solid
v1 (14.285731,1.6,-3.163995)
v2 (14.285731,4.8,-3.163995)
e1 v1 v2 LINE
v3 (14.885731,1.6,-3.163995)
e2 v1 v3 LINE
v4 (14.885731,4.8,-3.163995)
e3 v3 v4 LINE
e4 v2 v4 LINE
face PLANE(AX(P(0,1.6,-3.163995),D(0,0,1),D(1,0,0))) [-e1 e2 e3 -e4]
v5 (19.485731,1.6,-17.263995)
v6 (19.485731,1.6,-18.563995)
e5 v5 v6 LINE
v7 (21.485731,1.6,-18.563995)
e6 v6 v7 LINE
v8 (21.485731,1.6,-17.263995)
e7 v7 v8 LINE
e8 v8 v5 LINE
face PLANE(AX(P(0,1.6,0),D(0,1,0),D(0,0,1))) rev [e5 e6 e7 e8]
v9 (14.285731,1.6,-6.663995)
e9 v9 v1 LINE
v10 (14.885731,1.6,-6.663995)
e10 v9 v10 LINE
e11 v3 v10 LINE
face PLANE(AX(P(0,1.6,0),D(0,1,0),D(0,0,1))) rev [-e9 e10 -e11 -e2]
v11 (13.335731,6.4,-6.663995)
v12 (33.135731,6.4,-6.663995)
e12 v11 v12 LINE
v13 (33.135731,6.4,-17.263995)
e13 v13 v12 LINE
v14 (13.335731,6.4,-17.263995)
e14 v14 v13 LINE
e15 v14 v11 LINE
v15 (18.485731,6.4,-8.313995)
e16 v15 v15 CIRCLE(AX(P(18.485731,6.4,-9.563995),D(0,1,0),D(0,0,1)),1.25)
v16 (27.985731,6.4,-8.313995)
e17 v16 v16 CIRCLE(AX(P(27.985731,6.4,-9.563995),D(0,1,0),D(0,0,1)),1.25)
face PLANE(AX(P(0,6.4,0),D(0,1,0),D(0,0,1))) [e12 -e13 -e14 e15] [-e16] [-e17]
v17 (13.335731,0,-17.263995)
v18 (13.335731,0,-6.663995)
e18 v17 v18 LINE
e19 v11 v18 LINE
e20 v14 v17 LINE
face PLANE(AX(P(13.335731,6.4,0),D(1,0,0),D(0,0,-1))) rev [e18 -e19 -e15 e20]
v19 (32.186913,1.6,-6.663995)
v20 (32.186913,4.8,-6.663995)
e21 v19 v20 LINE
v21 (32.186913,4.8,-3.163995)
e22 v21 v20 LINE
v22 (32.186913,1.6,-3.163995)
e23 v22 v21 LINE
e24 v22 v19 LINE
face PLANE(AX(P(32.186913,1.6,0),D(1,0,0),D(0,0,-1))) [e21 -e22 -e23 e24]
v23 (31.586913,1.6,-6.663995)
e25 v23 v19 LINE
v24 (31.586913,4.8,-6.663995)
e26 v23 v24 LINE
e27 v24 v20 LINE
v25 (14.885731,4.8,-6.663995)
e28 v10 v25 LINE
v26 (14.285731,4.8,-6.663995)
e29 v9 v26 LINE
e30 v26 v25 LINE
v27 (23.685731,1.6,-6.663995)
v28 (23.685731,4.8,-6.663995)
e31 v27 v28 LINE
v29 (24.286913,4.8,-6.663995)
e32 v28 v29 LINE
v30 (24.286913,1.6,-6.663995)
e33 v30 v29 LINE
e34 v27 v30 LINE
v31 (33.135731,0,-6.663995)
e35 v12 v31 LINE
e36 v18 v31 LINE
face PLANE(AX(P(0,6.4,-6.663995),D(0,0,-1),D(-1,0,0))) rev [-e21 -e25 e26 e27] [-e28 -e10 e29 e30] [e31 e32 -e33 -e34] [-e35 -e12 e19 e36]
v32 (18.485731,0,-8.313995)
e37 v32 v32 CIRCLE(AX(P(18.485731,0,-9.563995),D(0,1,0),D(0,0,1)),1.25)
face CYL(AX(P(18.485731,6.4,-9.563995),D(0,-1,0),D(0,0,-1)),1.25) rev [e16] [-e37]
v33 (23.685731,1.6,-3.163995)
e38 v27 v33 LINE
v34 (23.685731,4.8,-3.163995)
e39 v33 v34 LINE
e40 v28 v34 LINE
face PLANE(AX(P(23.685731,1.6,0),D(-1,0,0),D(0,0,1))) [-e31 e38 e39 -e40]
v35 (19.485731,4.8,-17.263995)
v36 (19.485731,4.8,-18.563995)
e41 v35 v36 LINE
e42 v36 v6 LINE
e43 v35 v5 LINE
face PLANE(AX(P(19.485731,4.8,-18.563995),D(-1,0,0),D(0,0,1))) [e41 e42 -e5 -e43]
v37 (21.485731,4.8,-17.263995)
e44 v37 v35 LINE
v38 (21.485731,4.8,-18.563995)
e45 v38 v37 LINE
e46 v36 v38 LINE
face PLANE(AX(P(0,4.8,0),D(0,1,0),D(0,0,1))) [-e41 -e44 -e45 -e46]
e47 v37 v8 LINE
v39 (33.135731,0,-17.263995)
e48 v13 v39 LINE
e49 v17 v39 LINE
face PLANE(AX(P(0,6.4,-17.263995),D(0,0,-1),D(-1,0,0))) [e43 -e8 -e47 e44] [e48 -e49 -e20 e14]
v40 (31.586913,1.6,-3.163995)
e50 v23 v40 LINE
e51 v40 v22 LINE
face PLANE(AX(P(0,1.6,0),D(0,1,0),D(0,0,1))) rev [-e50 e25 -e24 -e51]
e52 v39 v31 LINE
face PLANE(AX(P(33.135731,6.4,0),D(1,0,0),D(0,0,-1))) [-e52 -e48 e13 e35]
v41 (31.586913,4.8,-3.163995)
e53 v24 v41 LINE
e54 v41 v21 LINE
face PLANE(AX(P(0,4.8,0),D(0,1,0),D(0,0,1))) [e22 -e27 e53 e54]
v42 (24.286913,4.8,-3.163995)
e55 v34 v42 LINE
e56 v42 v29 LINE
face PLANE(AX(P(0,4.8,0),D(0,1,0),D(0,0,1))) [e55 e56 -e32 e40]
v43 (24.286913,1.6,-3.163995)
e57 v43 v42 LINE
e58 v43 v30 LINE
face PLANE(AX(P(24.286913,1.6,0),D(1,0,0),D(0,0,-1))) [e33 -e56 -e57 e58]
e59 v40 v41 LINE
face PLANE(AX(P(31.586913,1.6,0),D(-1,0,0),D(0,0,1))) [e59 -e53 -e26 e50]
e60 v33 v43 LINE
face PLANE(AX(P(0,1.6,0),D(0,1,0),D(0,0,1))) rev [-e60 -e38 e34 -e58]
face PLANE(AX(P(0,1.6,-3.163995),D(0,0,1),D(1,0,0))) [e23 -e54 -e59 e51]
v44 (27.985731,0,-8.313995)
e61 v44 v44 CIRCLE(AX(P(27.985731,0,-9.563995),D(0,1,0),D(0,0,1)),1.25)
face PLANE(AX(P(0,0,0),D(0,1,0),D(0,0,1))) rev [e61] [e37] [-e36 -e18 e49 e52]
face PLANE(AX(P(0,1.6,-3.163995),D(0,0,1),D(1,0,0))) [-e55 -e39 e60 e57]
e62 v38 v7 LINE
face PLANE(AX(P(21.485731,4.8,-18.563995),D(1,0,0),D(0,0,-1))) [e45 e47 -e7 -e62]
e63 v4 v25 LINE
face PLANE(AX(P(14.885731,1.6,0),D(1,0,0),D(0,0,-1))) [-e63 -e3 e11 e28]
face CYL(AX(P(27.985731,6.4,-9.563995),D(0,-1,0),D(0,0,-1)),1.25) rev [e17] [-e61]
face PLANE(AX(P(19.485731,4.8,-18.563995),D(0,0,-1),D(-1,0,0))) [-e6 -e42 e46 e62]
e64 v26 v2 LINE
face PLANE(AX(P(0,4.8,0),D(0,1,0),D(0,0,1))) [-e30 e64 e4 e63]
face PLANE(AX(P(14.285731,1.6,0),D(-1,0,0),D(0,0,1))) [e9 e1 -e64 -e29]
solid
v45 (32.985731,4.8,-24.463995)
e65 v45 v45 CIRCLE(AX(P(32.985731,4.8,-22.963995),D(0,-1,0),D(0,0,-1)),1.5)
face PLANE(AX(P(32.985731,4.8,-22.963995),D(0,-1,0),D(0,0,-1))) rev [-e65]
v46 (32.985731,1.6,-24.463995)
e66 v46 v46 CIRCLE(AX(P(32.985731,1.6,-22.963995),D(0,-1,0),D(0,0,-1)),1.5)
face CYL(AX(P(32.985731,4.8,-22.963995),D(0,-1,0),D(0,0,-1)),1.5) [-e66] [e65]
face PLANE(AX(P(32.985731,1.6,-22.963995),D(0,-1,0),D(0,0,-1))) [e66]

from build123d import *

# Parameters (mm, degrees)
BOSS_EXTRUDE1_DEPTH = 6.4
BOSS_EXTRUDE2_START = -1.6
SKETCH3_W           = 0.6
SKETCH3_H           = 3.5
SKETCH3_W_2         = 0.601181881
BOSS_EXTRUDE2_DEPTH = 3.2
BOSS_EXTRUDE4_START = -1.6
SKETCH4_R           = 1.5
SKETCH4_W           = 2
SKETCH4_H           = 1.3
BOSS_EXTRUDE4_DEPTH = 3.2


with BuildPart() as part:
    # Sketch1 → Boss-Extrude1 (new body)
    with BuildSketch(Plane(origin=(0, 0, 0), x_dir=(1, 0, 0), z_dir=(0, 1, 0))):
        with BuildLine():
            Line((33.135731415, 9.563994519), (29.235731415, 9.563994519))
            ThreePointArc((29.235731415, 9.563994519), (27.985731415, 8.313994519), (26.735731415, 9.563994519))
            Line((26.735731415, 9.563994519), (19.735731415, 9.563994519))
            ThreePointArc((19.735731415, 9.563994519), (18.485731415, 8.313994519), (17.235731415, 9.563994519))
            Line((17.235731415, 9.563994519), (13.335731415, 9.563994519))
            Line((13.335731415, 9.563994519), (13.335731415, 6.663994519))
            Line((13.335731415, 6.663994519), (33.135731415, 6.663994519))
            Line((33.135731415, 6.663994519), (33.135731415, 9.563994519))
        make_face()
        with BuildLine():
            ThreePointArc((26.735731415, 9.563994519), (27.985731415, 10.813994519), (29.235731415, 9.563994519))
            Line((29.235731415, 9.563994519), (33.135731415, 9.563994519))
            Line((33.135731415, 9.563994519), (33.135731415, 17.263994519))
            Line((33.135731415, 17.263994519), (21.485731415, 17.263994519))
            Line((21.485731415, 17.263994519), (19.485731415, 17.263994519))
            Line((19.485731415, 17.263994519), (13.335731415, 17.263994519))
            Line((13.335731415, 17.263994519), (13.335731415, 9.563994519))
            Line((13.335731415, 9.563994519), (17.235731415, 9.563994519))
            ThreePointArc((17.235731415, 9.563994519), (18.485731415, 10.813994519), (19.735731415, 9.563994519))
            Line((19.735731415, 9.563994519), (26.735731415, 9.563994519))
        make_face()
    extrude(amount=BOSS_EXTRUDE1_DEPTH)

    # Sketch3 → Boss-Extrude2 (add)
    with BuildSketch(Plane(origin=(0, 6.4, 0), x_dir=(1, 0, 0), z_dir=(0, 1, 0)).offset(BOSS_EXTRUDE2_START)):
        with Locations((14.585731415, 4.913994519)):
            Rectangle(SKETCH3_W, SKETCH3_H)
        with Locations((23.986322356, 4.913994519)):
            Rectangle(SKETCH3_W_2, SKETCH3_H)
        with Locations((31.886913296, 4.913994519)):
            Rectangle(SKETCH3_W, SKETCH3_H)
    extrude(amount=-BOSS_EXTRUDE2_DEPTH)

    # Sketch4 → Boss-Extrude4 (add)
    with BuildSketch(Plane.XZ.offset(BOSS_EXTRUDE4_START)):
        with Locations(Location((32.985731415, -22.963994519, 0), (0, 0, 270))):
            Circle(SKETCH4_R)
        with Locations((20.485731415, -17.913994519)):
            Rectangle(SKETCH4_W, SKETCH4_H)
    extrude(amount=-BOSS_EXTRUDE4_DEPTH)


with BuildPart() as boss_extrude4_piece_1:
    # of the separate pieces the step leaves, piece 1, a body of its own (boss_extrude4_pieces)
    add(part.part.solids().sort_by_distance((29.235731415, 6.4, -9.563994519))[0])


with BuildPart() as boss_extrude4_piece_2:
    # of the separate pieces the step leaves, piece 2, a body of its own (boss_extrude4_pieces)
    add(part.part.solids().sort_by_distance((32.985731415, 1.6, -24.463994519))[0])


solid = Compound([boss_extrude4_piece_1.part, boss_extrude4_piece_2.part])
